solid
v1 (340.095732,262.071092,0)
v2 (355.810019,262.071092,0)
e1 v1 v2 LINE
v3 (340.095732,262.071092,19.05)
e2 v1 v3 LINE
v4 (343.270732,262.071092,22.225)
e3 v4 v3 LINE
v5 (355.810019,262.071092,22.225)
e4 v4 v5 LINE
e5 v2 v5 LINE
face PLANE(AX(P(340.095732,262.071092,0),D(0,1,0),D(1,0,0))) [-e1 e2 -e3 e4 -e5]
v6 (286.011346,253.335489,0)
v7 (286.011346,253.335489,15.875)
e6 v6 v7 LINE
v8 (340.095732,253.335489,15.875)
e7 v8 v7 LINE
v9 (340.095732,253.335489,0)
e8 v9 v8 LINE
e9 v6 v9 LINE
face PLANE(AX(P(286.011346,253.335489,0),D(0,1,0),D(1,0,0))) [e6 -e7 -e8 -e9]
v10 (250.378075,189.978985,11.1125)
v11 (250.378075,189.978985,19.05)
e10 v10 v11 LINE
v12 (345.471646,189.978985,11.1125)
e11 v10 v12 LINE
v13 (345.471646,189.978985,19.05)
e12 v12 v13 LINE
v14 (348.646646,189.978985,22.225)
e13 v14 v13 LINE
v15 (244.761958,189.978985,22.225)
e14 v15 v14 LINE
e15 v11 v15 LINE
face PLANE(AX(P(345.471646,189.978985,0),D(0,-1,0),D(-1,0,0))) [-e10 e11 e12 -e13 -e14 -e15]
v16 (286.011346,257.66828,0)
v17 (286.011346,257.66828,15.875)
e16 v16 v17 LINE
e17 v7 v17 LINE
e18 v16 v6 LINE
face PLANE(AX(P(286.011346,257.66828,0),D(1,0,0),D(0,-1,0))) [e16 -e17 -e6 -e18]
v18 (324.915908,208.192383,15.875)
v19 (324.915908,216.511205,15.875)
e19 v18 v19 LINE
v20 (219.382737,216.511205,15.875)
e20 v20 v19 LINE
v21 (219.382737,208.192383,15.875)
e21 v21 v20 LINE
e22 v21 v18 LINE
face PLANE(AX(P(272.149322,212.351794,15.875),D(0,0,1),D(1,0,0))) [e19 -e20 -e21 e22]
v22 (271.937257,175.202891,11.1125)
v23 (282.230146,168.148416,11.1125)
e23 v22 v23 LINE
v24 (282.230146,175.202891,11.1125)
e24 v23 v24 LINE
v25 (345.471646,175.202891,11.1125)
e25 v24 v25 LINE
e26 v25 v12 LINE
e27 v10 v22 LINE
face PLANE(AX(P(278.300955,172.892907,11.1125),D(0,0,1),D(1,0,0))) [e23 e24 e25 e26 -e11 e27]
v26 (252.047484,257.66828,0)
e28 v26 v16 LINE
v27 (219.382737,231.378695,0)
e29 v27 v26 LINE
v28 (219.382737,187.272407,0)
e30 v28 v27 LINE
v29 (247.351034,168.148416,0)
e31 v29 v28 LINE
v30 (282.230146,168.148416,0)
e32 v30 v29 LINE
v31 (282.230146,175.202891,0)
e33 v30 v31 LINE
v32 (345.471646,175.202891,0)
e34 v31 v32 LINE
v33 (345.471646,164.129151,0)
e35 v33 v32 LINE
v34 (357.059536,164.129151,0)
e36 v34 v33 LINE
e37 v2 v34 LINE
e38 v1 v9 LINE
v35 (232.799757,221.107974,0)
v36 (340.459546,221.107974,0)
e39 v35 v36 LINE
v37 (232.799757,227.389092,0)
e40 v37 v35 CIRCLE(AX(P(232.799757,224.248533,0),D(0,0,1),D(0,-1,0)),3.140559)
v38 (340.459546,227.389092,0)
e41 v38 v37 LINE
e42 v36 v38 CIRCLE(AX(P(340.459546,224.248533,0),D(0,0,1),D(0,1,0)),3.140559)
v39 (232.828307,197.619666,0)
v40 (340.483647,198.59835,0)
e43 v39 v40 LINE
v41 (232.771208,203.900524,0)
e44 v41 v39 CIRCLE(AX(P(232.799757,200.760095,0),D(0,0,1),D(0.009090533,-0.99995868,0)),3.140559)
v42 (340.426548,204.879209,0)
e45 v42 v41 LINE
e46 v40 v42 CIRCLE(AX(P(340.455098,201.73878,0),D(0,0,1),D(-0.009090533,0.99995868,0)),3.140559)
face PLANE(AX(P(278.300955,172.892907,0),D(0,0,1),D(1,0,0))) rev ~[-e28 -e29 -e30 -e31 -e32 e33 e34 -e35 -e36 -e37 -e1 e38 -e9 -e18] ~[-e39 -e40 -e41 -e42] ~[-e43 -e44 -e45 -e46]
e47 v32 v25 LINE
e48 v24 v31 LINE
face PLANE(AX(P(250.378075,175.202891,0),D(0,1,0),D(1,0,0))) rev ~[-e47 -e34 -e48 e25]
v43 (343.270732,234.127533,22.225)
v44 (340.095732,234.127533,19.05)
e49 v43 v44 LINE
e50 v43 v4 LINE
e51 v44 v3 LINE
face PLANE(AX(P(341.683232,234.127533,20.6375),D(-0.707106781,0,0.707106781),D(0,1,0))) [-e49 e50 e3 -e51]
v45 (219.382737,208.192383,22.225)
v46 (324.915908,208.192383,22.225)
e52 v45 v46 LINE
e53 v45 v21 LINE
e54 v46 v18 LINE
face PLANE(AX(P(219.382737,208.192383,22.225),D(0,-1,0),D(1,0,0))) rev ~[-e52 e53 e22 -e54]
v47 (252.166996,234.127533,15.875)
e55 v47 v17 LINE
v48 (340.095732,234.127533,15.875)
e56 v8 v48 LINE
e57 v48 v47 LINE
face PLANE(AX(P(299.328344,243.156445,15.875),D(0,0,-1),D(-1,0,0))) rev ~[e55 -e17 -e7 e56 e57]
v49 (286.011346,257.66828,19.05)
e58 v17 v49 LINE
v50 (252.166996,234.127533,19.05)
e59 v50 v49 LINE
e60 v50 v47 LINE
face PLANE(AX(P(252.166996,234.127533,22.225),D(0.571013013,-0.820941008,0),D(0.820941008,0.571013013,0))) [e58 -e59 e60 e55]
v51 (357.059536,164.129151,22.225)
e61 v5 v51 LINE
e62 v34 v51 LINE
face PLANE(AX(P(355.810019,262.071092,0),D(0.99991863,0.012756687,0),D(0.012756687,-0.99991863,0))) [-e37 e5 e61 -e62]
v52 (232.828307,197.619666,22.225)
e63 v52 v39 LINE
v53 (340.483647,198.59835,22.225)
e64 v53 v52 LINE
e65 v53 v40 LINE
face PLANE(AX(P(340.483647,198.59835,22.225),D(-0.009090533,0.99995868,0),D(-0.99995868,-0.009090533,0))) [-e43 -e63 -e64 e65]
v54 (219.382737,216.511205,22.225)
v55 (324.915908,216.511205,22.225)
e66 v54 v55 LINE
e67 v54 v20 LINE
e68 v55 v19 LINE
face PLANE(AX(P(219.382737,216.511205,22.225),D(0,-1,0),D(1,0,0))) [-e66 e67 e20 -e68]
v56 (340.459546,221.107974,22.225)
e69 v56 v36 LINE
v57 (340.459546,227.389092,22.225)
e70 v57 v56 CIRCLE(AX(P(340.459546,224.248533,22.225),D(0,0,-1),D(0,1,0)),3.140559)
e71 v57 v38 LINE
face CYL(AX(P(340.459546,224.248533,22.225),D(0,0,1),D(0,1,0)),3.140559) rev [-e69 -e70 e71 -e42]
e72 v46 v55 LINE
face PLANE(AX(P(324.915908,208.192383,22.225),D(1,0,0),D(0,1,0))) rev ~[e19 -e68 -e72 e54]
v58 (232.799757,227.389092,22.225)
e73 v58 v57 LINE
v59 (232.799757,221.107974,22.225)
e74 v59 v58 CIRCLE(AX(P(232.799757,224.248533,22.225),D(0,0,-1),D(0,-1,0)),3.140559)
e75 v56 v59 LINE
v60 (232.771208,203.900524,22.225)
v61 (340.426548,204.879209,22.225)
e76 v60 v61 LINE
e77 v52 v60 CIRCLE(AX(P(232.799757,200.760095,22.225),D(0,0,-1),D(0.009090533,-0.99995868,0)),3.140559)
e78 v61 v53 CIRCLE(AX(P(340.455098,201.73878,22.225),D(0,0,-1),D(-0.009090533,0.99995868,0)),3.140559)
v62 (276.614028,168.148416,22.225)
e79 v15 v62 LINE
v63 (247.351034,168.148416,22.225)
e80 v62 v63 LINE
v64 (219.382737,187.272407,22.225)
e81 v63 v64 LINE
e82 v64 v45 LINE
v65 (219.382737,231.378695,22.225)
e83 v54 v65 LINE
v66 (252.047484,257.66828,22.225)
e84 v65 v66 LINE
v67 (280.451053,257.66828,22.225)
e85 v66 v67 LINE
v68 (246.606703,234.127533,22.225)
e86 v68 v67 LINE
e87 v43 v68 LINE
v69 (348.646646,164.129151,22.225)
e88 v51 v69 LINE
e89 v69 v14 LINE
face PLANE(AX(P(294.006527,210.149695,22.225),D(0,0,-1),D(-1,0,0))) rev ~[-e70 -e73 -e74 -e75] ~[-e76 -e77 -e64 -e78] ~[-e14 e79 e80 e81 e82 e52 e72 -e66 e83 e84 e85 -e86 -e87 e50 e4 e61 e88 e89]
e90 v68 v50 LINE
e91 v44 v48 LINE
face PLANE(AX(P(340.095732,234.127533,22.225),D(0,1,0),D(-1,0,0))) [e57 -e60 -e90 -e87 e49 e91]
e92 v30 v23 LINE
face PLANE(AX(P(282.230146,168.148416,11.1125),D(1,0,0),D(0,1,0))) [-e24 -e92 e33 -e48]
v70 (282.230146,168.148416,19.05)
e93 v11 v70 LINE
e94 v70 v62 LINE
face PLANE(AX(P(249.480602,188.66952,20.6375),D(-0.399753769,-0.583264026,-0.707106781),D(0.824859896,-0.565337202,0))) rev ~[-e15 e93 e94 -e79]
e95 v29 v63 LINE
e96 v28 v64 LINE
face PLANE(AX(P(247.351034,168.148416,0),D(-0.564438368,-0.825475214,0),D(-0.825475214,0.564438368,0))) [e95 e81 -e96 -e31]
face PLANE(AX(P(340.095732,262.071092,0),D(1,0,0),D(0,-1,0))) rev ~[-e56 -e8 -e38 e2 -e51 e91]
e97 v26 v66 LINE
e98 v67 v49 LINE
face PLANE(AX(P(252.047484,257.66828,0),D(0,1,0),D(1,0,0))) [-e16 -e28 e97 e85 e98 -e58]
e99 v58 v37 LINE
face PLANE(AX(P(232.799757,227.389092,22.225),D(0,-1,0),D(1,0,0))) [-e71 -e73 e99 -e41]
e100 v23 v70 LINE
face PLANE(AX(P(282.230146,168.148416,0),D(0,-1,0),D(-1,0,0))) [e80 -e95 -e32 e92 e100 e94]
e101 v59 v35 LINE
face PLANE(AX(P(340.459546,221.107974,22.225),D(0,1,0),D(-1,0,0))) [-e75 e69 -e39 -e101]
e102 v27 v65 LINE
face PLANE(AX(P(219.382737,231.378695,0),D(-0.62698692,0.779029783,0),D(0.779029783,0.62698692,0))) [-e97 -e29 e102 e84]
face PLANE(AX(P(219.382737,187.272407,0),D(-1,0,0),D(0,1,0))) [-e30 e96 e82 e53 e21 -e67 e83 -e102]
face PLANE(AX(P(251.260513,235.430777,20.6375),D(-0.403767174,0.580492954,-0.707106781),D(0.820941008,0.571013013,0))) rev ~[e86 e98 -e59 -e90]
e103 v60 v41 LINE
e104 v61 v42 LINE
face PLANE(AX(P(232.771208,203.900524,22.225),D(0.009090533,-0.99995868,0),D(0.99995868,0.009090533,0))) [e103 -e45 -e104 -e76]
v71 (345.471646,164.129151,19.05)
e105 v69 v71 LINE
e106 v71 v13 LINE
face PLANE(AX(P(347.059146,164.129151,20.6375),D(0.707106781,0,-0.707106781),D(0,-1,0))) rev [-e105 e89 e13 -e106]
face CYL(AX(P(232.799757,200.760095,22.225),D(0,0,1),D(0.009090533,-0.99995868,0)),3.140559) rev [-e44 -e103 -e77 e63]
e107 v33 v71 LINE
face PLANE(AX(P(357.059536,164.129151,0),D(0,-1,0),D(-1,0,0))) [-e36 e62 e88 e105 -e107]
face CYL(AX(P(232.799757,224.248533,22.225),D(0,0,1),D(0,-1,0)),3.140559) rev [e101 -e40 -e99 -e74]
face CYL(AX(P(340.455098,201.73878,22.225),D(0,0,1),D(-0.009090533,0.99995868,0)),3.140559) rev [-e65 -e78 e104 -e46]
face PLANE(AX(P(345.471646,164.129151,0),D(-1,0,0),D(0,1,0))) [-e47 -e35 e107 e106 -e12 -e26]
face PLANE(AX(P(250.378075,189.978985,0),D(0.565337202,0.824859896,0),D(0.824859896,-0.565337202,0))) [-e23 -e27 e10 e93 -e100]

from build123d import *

# Parameters (mm, degrees)
BOSS_EXTRUDE1_DEPTH = 22.225
SKETCH2_W           = 95.09357109
SKETCH2_H           = 14.776094164
BOSS_EXTRUDE2_DEPTH = 11.1125
SKETCH3_W           = 105.533171411
SKETCH3_H           = 8.318821745
CUT_EXTRUDE1_DEPTH  = 6.35
CUT_EXTRUDE2_DEPTH  = 444.471216787
BOSS_EXTRUDE3_DEPTH = 11.1125
CHAMFER1_SIZE       = 3.175


with BuildPart() as part:
    # Sketch1 → Boss-Extrude1 (new body)
    with BuildSketch(Plane.XY):
        Polygon((219.382736593, 187.272406651), (219.382736593, 231.378695124), (252.047484341, 257.668279987), (286.011346283, 257.668279987), (286.011346283, 253.335489362), (340.095731947, 253.335489362), (340.095731947, 257.668279987), (340.095731947, 262.071092462), (355.810019244, 262.071092462), (357.059535637, 164.129151492), (345.471646064, 164.129151492), (345.471646064, 189.97898492), (250.378074974, 189.97898492), (282.230145695, 168.148416333), (247.35103376, 168.148416333), align=None)
    extrude(amount=BOSS_EXTRUDE1_DEPTH)

    # Sketch2 → Boss-Extrude2 (add)
    with BuildSketch(Plane.XY):
        with Locations((297.924860519, 182.590937838)):
            Rectangle(SKETCH2_W, SKETCH2_H)
    extrude(amount=BOSS_EXTRUDE2_DEPTH)

    # Sketch3 → Cut-Extrude1 (cut)
    with BuildSketch(Plane.XY.offset(22.225)):
        with Locations((272.149322299, 212.351794066)):
            Rectangle(SKETCH3_W, SKETCH3_H)
        Polygon((340.095731947, 253.335489362), (340.095731947, 234.12753334), (252.166996271, 234.12753334), (286.011346283, 257.668279987), align=None)
    extrude(amount=-CUT_EXTRUDE1_DEPTH, mode=Mode.SUBTRACT)

    # Sketch4 → Cut-Extrude2 (cut, through all)
    with BuildSketch(Plane.XY.offset(22.225)):
        with BuildLine():
            Line((232.799757397, 227.389091829), (340.459546105, 227.389091829))
            ThreePointArc((340.459546105, 227.389091829), (343.600105184, 224.24853275), (340.459546105, 221.107973671))
            Line((340.459546105, 221.107973671), (232.799757397, 221.107973671))
            ThreePointArc((232.799757397, 221.107973671), (229.659198318, 224.24853275), (232.799757397, 227.389091829))
        make_face()
        with BuildLine():
            Line((232.771208039, 203.900524193), (340.426548272, 204.879209104))
            ThreePointArc((340.426548272, 204.879209104), (343.595526941, 201.76732915), (340.483646987, 198.598350481))
            Line((340.483646987, 198.598350481), (232.828306754, 197.619665569))
            ThreePointArc((232.828306754, 197.619665569), (229.659328085, 200.731545524), (232.771208039, 203.900524193))
        make_face()
    extrude(amount=-CUT_EXTRUDE2_DEPTH, mode=Mode.SUBTRACT)

    # Sketch5 → Boss-Extrude3 (add)
    with BuildSketch(Plane.XY.offset(11.1125)):
        Polygon((282.230145695, 168.148416333), (282.230145695, 175.202890756), (271.937256742, 175.202890756), align=None)
    extrude(amount=-BOSS_EXTRUDE3_DEPTH)

    # Chamfer1
    chamfer1_edges = [part.edges().sort_by_distance(p)[0] for p in [
        (340.095731947, 248.099312901, 22.225),
        (345.471646064, 177.054068206, 22.225),
        (266.304110334, 179.063700626, 22.225),
        (269.089171277, 245.897906663, 22.225),
    ]]
    chamfer(chamfer1_edges, length=CHAMFER1_SIZE)


solid = part.part
